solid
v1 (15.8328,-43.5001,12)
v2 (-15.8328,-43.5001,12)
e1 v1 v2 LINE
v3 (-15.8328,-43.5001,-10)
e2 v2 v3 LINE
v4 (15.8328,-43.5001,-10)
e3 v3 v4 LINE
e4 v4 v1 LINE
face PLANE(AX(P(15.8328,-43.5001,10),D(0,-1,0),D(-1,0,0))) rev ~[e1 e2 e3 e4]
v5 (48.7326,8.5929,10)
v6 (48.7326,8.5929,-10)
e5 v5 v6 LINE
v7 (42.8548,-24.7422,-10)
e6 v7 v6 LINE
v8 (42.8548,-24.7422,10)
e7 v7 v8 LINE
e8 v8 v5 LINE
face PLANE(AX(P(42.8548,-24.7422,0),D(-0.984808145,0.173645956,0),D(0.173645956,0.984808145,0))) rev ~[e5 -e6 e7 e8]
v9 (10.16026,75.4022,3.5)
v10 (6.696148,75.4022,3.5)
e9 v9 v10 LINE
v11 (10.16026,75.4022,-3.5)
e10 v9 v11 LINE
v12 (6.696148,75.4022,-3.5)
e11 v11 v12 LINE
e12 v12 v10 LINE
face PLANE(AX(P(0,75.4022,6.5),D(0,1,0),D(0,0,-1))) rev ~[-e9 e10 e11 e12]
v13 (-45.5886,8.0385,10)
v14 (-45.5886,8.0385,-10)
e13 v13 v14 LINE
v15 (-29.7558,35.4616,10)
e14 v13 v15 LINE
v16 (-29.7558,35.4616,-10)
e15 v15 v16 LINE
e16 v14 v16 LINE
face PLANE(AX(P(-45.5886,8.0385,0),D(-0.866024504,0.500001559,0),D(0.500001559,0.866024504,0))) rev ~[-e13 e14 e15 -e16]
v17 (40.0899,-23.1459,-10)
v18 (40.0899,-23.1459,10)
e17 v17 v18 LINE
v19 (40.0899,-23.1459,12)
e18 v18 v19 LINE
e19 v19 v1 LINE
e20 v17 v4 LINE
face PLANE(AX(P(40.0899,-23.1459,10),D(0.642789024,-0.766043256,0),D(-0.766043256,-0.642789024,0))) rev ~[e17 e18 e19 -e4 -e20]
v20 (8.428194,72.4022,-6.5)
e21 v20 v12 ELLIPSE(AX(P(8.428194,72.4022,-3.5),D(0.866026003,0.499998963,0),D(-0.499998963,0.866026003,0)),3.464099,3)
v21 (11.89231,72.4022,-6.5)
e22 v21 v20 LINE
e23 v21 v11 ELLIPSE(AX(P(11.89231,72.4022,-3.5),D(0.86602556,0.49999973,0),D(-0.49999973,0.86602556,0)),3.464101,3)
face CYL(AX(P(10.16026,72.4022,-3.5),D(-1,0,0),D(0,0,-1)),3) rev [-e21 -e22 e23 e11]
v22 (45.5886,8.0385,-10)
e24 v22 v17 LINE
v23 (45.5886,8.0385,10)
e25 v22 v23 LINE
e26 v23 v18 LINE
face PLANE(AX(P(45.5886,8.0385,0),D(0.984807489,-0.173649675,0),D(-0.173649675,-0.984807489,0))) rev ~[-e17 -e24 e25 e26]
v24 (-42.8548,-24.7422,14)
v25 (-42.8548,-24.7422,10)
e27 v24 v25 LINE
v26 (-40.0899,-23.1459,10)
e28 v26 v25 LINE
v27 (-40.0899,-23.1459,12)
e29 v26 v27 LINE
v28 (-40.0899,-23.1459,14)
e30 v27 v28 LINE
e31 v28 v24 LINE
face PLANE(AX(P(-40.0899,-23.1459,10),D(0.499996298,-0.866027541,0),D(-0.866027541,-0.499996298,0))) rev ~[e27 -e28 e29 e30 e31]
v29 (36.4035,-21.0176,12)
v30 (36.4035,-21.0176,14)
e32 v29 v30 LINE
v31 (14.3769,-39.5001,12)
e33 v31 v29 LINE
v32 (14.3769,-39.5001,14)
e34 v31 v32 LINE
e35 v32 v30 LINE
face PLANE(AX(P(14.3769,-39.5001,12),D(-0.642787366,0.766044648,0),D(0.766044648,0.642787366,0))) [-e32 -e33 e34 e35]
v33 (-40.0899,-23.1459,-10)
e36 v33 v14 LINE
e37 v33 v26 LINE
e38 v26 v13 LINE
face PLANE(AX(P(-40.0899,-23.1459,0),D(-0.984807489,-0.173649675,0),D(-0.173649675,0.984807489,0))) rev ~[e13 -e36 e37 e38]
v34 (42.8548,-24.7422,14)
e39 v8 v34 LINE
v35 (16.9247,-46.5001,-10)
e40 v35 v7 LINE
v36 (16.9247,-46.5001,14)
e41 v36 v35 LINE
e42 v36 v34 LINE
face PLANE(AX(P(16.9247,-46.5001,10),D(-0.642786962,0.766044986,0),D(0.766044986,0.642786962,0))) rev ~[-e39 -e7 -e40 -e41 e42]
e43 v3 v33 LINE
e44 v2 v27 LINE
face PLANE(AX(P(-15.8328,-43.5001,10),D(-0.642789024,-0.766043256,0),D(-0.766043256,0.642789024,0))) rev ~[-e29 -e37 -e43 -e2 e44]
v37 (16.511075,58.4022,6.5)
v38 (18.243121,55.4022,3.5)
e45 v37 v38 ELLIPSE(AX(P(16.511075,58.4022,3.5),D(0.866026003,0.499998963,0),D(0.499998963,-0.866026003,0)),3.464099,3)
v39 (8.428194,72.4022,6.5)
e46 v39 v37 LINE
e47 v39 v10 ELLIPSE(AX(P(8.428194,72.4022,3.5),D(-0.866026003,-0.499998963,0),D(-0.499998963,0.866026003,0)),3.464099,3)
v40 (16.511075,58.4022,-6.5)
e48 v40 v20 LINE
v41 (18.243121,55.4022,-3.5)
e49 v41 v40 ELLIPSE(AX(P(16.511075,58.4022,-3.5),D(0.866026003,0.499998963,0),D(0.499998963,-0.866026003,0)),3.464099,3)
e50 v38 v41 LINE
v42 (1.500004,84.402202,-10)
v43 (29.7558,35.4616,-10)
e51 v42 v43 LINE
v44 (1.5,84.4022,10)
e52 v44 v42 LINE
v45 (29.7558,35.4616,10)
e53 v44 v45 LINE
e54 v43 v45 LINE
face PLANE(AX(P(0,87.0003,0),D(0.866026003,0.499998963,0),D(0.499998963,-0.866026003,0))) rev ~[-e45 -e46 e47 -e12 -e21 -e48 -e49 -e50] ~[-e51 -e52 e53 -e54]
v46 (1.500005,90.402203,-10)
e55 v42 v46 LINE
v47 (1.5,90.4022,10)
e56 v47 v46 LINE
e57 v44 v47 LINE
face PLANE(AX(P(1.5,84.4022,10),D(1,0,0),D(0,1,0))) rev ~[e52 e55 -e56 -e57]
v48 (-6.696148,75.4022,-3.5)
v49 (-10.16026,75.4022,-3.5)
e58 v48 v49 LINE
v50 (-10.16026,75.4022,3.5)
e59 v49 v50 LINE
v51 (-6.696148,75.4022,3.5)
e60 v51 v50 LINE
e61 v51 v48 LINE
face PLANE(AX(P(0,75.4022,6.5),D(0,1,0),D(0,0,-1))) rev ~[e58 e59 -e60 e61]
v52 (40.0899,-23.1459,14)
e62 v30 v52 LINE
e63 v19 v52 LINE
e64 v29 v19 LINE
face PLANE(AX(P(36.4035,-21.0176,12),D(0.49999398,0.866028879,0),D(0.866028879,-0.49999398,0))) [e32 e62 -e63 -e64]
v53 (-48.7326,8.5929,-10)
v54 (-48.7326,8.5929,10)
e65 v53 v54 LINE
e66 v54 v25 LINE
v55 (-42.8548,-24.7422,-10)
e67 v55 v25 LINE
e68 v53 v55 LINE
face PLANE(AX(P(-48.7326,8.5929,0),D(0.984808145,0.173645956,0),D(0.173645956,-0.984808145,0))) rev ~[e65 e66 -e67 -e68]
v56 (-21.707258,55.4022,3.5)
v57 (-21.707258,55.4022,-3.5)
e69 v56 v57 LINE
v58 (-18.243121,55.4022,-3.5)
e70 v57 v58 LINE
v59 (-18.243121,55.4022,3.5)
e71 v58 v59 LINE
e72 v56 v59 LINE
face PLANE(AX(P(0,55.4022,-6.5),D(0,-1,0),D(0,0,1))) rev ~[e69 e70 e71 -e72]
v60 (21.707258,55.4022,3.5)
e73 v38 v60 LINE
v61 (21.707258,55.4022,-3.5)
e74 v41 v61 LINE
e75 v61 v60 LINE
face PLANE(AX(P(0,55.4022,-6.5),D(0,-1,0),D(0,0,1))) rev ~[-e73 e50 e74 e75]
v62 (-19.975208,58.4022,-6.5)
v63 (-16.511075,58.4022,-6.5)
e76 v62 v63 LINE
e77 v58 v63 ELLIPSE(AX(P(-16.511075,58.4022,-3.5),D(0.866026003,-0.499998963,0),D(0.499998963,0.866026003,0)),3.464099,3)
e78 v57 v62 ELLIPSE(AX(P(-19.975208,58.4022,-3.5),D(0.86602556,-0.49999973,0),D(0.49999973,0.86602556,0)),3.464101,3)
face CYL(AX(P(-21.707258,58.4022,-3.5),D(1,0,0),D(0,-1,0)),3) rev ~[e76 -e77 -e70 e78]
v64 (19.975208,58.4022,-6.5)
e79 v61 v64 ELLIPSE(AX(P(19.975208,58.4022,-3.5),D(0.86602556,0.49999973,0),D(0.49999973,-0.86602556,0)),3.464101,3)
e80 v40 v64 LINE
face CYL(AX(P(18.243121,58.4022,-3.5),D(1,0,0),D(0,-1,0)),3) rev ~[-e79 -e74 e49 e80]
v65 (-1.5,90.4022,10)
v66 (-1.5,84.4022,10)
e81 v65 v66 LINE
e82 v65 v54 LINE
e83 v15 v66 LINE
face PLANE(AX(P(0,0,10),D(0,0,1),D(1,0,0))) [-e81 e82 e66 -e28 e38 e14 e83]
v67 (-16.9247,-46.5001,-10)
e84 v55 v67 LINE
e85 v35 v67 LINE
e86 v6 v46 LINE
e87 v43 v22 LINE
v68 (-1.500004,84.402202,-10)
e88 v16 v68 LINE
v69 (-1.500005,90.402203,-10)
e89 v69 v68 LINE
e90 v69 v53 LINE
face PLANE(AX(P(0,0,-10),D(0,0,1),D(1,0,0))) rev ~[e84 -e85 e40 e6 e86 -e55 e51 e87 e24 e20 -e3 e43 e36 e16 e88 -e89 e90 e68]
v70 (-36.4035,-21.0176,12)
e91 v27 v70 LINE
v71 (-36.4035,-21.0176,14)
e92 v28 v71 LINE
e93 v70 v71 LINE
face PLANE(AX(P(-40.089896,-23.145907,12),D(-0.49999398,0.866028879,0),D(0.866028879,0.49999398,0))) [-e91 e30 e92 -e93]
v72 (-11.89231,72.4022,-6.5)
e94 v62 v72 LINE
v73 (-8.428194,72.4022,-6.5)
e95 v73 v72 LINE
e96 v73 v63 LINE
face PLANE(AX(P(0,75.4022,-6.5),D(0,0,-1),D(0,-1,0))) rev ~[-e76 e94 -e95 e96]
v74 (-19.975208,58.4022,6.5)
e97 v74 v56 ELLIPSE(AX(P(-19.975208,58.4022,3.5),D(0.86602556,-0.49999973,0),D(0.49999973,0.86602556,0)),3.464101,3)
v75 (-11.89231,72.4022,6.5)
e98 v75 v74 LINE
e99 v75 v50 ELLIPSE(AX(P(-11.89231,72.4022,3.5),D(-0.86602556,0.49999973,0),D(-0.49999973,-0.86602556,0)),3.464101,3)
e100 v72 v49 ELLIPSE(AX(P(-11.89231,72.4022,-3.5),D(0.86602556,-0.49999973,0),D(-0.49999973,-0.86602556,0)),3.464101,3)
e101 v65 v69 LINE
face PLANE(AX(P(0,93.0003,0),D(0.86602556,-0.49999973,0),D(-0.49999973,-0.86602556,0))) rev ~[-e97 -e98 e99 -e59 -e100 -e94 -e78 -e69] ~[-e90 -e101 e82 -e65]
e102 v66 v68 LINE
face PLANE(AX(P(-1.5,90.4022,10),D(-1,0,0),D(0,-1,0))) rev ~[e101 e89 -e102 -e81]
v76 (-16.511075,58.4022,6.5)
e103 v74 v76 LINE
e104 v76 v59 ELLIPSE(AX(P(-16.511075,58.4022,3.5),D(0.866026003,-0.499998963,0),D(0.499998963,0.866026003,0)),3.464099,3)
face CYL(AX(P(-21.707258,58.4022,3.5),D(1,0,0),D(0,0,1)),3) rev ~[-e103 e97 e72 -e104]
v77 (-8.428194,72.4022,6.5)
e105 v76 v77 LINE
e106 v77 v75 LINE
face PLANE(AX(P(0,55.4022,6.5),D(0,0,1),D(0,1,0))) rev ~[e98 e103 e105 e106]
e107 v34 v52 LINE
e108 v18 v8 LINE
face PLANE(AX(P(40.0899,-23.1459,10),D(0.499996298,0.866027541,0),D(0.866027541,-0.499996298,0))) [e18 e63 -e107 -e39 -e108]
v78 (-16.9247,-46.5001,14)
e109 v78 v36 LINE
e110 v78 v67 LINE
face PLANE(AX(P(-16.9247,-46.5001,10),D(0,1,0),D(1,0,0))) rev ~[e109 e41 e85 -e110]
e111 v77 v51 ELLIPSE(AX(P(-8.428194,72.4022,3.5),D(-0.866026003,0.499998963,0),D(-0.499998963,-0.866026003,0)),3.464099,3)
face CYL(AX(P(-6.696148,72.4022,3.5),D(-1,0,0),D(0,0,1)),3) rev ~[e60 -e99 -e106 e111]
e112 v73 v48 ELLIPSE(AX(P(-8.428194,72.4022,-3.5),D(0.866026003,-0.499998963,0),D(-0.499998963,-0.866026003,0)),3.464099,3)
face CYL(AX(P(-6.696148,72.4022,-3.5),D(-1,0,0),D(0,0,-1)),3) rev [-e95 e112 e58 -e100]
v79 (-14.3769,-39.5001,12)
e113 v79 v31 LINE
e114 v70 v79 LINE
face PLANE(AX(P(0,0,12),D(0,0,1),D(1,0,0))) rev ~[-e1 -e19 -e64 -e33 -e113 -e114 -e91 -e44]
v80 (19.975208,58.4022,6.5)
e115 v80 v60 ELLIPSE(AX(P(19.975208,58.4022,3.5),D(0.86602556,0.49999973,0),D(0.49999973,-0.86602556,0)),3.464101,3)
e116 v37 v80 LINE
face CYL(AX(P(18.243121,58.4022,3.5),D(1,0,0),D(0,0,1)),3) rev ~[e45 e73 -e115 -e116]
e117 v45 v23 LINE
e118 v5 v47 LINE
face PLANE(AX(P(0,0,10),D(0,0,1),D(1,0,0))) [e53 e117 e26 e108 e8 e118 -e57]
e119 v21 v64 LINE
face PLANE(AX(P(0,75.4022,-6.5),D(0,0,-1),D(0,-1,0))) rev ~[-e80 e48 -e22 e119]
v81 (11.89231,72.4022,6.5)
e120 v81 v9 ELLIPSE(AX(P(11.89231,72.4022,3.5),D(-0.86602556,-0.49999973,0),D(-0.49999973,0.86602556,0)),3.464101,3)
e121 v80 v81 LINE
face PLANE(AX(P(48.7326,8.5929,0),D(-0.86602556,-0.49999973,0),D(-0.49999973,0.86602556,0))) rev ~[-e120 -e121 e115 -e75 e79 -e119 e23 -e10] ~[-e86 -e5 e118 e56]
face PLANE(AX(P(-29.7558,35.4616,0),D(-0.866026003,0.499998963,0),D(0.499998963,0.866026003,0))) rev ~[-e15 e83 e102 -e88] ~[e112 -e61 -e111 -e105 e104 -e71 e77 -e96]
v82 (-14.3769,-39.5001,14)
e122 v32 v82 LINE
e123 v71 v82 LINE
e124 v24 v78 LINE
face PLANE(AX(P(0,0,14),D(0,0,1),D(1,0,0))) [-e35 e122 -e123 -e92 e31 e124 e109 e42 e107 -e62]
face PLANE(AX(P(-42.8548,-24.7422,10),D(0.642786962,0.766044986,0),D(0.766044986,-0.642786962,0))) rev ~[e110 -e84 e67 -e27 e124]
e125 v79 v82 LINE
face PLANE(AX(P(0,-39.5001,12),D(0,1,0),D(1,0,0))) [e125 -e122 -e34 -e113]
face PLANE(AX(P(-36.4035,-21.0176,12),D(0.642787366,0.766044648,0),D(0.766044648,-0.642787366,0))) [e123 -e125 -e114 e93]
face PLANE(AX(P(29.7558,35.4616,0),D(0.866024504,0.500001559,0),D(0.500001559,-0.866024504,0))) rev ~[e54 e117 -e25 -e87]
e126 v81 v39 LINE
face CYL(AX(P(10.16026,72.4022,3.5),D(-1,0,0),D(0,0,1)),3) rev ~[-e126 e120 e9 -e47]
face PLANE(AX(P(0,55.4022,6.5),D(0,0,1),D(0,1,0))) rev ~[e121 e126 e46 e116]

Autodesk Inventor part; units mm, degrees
ref_plane "YZ Plane" through (0, 0, 0) normal (1, 0, 0) x (0, 1, 0)
ref_plane "XZ Plane" through (0, 0, 0) normal (0, 1, 0) x (-1, 0, 0)
ref_plane "XY Plane" through (0, 0, 0) normal (0, 0, 1) x (1, 0, 0)
sketch "Sketch1" plane through (0, 0, 0) normal (0, 0, 1) x (1, 0, 0)
  line L0 (29.7558, 35.4616) -> (45.5886, 8.0385)
  line L1 (45.5886, 8.0385) -> (40.0899, -23.1459)
  line L2 (40.0899, -23.1459) -> (15.8328, -43.5001)
  line L3 (15.8328, -43.5001) -> (-15.8328, -43.5001)
  line L4 (-15.8328, -43.5001) -> (-40.0899, -23.1459)
  line L5 (-40.0899, -23.1459) -> (-45.5886, 8.0385)
  line L6 (-45.5886, 8.0385) -> (-29.7558, 35.4616)
  line L7 (-29.7558, 35.4616) -> (0, 46.2919)
  line L8 (0, 46.2919) -> (29.7558, 35.4616)
  line L9 (-29.7558, 35.4616) -> (0, 87.0003)
  line L10 (0, 87.0003) -> (29.7558, 35.4616)
  line L11 (0, 93.0003) -> (-48.7326, 8.5929)
  line L12 (-48.7326, 8.5929) -> (-42.8548, -24.7422)
  line L13 (-42.8548, -24.7422) -> (-16.9247, -46.5001)
  line L14 (-16.9247, -46.5001) -> (16.9247, -46.5001)
  line L15 (16.9247, -46.5001) -> (42.8548, -24.7422)
  line L16 (42.8548, -24.7422) -> (48.7326, 8.5929)
  line L17 (48.7326, 8.5929) -> (0, 93.0003)
  line L18 (0, -74.4002) -> (0, 120.9003) projected
  point P0 (0, 0)
  point P1 (0, 0)
  dimension "d0" = 89.792
  dimension "d1" = 3
  dimension "d2" = 3
  dimension "d3" = 3
  dimension "d4" = 3
extrude "Extrusion1" add sketch "Sketch1" along normal mid plane 20 contours L10 L18 L17 L16 L15 L14 L3 L2 L1 L0 | L9 L6 L5 L4 L3 L18 L14 L13 L12 L11
sketch "Sketch2" plane through (0, 0, 10) normal (0, 0, 1) x (1, 0, 0)
  line L0 (-1.5, 90.4022) -> (-1.5, 84.4022)
  line L1 (0, 87.0003) -> (-45.5886, 8.0385) projected
  line L2 (45.5886, 8.0385) -> (0, 87.0003) projected
  line L3 (1.5, 84.4022) -> (1.5, 90.4022)
  line L4 (48.7326, 8.5929) -> (0, 93.0003) projected
  line L5 (16.9247, -46.5001) -> (42.8548, -24.7422) projected
  line L6 (42.8548, -24.7422) -> (48.7326, 8.5929) projected
  line L7 (48.7326, 8.5929) -> (0, 93.0003) projected
  line L8 (0, 93.0003) -> (-48.7326, 8.5929) projected
  line L9 (-48.7326, 8.5929) -> (-42.8548, -24.7422) projected
  line L10 (-42.8548, -24.7422) -> (-16.9247, -46.5001) projected
  line L11 (-16.9247, -46.5001) -> (16.9247, -46.5001) projected
  line L12 (15.8328, -43.5001) -> (-15.8328, -43.5001) projected
  line L13 (-15.8328, -43.5001) -> (-40.0899, -23.1459) projected
  line L14 (-40.0899, -23.1459) -> (-45.5886, 8.0385) projected
  line L15 (-45.5886, 8.0385) -> (0, 87.0003) projected
  line L16 (0, 87.0003) -> (45.5886, 8.0385) projected
  line L17 (45.5886, 8.0385) -> (40.0899, -23.1459) projected
  line L18 (40.0899, -23.1459) -> (15.8328, -43.5001) projected
  line L19 (0, -74.4002) -> (0, 120.9003) projected
  point P0 (0, 0)
  dimension "d7" = 3
extrude "Extrusion2" cut sketch "Sketch2" against normal through all contours L8 L19 L1 L0 | L4 L3 L2 L19
sketch "Sketch3" plane through (0, 0, 0) normal (1, 0, 0) x (0, 1, 0)
  line L0 (90.4022, -10) -> (90.4022, 10) projected
  line L1 (8.5929, 10) -> (90.4022, 10) projected
  line L2 (8.5929, -10) -> (8.5929, 10) projected
  line L3 (90.4022, -10) -> (8.5929, -10) projected
  line L4 (55.4022, 6.5) -> (75.4022, 6.5)
  line L5 (75.4022, 6.5) -> (75.4022, -6.5)
  line L6 (75.4022, -6.5) -> (55.4022, -6.5)
  line L7 (55.4022, -6.5) -> (55.4022, 6.5)
  line L8 (55.4022, 6.5) -> (75.4022, -6.5) construction
  line L9 (75.4022, 6.5) -> (55.4022, -6.5) construction
  point P0 (0, 0)
  point P1 (65.4022, 0)
  point P2 (90.4022, 0)
  dimension "d10" = 13
  dimension "d11" = 15
  dimension "d12" = 20
extrude "Extrusion3" cut sketch "Sketch3" along normal through all both and the other way through all contours L4 L5 L6 L7
fillet "Fillet1" radius 3 8 edges at (8.4282, 75.4022, 6.5) (19.9752, 55.4022, 6.5) (19.9752, 55.4022, -6.5) (8.4282, 75.4022, -6.5) (-8.4282, 75.4022, -6.5) (-8.4282, 75.4022, 6.5) (-19.9752, 55.4022, 6.5) (-19.9752, 55.4022, -6.5)
sketch "Sketch5" plane through (0, 0, 10) normal (0, 0, 1) x (1, 0, 0)
  line L0 (1.5, 90.4022) -> (1.5, 84.4022) projected
  line L1 (1.5, 84.4022) -> (45.5886, 8.0385) projected
  line L2 (45.5886, 8.0385) -> (40.0899, -23.1459) projected
  line L3 (40.0899, -23.1459) -> (15.8328, -43.5001) projected
  line L4 (15.8328, -43.5001) -> (-15.8328, -43.5001) projected
  line L5 (-15.8328, -43.5001) -> (-40.0899, -23.1459) projected
  line L6 (-40.0899, -23.1459) -> (-45.5886, 8.0385) projected
  line L7 (-45.5886, 8.0385) -> (-1.5, 84.4022) projected
  line L8 (-1.5, 84.4022) -> (-1.5, 90.4022) projected
  line L9 (-1.5, 90.4022) -> (-48.7326, 8.5929) projected
  line L10 (-48.7326, 8.5929) -> (-42.8548, -24.7422) projected
  line L11 (-42.8548, -24.7422) -> (-16.9247, -46.5001) projected
  line L12 (-16.9247, -46.5001) -> (16.9247, -46.5001) projected
  line L13 (16.9247, -46.5001) -> (42.8548, -24.7422) projected
  line L14 (42.8548, -24.7422) -> (48.7326, 8.5929) projected
  line L15 (48.7326, 8.5929) -> (1.5, 90.4022) projected
  line L16 (-40.0899, -23.1459) -> (-42.8548, -24.7422)
  line L17 (40.0899, -23.1459) -> (45.5886, 8.0385) projected
  line L18 (40.0899, -23.1459) -> (42.8548, -24.7422)
  point P0 (0, 0)
extrude "Extrusion5" add sketch "Sketch5" along normal blind 2 contours L13 L12 L11 L16 L5 L4 L3 L18
sketch "Sketch6" plane through (0, 0, 12) normal (0, 0, 1) x (1, 0, 0)
  line L0 (15.8328, -43.5001) -> (-15.8328, -43.5001) projected
  line L1 (-15.8328, -43.5001) -> (-40.0899, -23.1459) projected
  line L2 (-40.0899, -23.1459) -> (-42.8548, -24.7422) projected
  line L3 (-42.8548, -24.7422) -> (-16.9247, -46.5001) projected
  line L4 (-16.9247, -46.5001) -> (16.9247, -46.5001) projected
  line L5 (16.9247, -46.5001) -> (42.8548, -24.7422) projected
  line L6 (42.8548, -24.7422) -> (40.0899, -23.1459) projected
  line L7 (40.0899, -23.1459) -> (15.8328, -43.5001) projected
  line L8 (-42.8548, -24.7422) -> (-36.4035, -21.0176)
  line L9 (-36.4035, -21.0176) -> (-14.3769, -39.5001)
  line L10 (-14.3769, -39.5001) -> (14.3769, -39.5001)
  line L11 (14.3769, -39.5001) -> (36.4035, -21.0176)
  line L12 (36.4035, -21.0176) -> (42.8548, -24.7422)
  line L13 (-40.0899, -23.1459) -> (-42.8548, -24.7422) projected
  line L14 (0, -73.8806) -> (0, 117.7826) projected
  point P0 (0, 0)
  dimension "d21" = 4
  dimension "d22" = 4
extrude "Extrusion6" add sketch "Sketch6" along normal blind 2
properties part number "HARNESS"
